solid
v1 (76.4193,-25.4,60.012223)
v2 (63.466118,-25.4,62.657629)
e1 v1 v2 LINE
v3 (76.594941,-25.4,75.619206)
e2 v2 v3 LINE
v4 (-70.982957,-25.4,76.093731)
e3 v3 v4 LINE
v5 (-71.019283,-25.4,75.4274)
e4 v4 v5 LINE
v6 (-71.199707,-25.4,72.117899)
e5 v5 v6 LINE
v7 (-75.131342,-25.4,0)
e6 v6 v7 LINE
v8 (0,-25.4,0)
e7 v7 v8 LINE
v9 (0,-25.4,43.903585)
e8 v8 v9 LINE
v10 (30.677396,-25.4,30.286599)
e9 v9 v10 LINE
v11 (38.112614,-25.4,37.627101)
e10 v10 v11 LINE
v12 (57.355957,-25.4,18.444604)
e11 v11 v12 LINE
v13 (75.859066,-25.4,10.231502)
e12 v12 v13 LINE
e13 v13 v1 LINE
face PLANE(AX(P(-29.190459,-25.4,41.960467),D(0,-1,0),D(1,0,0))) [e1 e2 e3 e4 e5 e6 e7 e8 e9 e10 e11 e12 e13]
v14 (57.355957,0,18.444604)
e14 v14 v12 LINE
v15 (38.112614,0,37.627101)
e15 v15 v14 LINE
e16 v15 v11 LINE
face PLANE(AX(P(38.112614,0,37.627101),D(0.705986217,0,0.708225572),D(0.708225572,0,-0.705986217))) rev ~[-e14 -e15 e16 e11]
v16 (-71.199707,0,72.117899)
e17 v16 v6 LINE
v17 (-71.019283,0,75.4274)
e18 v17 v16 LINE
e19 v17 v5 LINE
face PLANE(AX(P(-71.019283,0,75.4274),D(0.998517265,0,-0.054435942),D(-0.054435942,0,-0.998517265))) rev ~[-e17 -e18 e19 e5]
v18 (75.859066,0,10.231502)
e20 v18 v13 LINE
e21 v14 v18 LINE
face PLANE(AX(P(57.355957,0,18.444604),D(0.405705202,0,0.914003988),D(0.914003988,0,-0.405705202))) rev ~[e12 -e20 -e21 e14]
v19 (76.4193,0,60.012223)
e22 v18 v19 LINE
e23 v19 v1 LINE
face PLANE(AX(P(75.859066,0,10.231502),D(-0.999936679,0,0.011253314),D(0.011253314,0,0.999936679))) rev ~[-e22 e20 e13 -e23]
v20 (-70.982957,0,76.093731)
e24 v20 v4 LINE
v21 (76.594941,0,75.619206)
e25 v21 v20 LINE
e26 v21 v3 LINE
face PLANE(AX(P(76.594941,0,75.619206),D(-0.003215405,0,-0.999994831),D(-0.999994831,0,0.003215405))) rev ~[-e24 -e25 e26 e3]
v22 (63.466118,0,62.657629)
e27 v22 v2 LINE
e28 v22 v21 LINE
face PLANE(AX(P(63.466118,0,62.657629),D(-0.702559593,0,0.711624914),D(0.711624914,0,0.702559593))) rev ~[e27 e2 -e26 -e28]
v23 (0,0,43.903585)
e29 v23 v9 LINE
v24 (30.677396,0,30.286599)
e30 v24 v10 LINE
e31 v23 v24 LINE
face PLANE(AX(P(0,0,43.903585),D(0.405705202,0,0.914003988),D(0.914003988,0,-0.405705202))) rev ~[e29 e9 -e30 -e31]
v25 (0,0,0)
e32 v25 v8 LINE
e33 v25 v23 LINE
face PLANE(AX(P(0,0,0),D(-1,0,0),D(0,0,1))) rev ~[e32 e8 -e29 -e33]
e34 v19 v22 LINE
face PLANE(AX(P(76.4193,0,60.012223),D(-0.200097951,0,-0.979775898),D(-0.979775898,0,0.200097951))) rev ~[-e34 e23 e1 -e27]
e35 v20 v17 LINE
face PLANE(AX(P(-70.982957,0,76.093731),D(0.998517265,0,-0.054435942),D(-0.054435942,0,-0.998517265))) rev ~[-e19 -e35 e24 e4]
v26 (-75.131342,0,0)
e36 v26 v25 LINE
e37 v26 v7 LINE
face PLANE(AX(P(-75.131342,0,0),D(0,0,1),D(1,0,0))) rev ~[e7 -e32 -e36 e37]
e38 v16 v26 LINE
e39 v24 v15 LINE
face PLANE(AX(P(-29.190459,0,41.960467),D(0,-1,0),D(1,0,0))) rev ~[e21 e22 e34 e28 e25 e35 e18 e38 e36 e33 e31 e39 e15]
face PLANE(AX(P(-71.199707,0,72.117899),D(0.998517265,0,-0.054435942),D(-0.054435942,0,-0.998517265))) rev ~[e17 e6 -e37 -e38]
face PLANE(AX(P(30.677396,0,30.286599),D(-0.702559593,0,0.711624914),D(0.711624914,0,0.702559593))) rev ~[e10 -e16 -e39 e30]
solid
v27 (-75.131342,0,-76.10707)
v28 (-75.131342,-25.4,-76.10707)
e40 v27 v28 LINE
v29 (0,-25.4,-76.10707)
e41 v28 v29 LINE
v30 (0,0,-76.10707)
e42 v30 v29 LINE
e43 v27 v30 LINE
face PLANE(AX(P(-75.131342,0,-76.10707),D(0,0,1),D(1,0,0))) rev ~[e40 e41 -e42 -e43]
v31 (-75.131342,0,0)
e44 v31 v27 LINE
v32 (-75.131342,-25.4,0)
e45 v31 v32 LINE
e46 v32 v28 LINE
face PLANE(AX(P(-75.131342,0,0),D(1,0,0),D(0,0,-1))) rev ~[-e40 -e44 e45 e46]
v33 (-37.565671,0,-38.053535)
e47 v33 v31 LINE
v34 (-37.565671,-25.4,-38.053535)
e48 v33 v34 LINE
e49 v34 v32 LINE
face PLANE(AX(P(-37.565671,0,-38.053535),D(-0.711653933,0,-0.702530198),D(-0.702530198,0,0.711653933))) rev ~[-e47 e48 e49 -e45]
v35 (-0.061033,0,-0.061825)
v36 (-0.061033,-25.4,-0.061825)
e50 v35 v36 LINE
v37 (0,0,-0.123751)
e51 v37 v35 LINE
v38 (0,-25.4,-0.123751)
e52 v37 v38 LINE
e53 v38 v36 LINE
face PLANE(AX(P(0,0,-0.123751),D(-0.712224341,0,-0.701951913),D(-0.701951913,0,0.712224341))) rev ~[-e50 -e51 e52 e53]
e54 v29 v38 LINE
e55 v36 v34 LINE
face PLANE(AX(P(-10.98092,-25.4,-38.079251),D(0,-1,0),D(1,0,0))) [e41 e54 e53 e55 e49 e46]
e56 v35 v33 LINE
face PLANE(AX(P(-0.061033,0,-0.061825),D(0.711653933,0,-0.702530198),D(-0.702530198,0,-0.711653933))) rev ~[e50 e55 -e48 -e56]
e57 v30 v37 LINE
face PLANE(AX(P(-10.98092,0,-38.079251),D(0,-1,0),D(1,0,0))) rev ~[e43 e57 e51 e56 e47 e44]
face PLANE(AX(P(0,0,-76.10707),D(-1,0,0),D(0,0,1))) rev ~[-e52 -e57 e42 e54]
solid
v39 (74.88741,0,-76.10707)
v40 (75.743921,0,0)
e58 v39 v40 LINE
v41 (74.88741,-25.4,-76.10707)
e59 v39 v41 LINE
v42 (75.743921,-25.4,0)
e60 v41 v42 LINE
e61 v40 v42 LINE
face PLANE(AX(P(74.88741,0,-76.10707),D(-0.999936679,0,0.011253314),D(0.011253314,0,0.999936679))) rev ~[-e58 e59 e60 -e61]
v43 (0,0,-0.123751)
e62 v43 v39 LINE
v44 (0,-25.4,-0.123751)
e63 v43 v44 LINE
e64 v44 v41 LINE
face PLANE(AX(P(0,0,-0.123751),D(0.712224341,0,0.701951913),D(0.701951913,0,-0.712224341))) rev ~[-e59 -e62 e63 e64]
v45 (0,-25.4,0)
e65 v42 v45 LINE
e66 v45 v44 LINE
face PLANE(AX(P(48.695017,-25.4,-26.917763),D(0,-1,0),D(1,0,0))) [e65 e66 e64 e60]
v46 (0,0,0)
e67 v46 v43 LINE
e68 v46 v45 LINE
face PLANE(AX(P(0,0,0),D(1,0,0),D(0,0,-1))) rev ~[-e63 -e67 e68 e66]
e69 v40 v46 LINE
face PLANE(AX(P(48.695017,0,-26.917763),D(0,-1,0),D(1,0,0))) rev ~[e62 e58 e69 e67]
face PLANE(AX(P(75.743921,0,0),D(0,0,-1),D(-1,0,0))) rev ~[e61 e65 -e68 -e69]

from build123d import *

# Parameters (mm, degrees)
F1_DEPTH = 25.4


with BuildPart() as f1:
    # F0 (on Front) → F1 (new body)
    with BuildSketch(Plane.XZ):
        Polygon((-71.0192831951, 75.4273998377), (-71.199706528, 72.117898654), (-0.1219660044, 0), (0, 0), (0, 43.9035848512), align=None)
        Polygon((-0.1219660044, 0), (-71.199706528, 72.117898654), (-75.131341815, 0), align=None)
        Polygon((0, 75.8654908862), (-70.9829569664, 76.0937310424), (-71.0192831951, 75.4273998377), (0, 43.9035848512), (0, 75.6192058325), align=None)
        Polygon((38.112613931, 37.6271010601), (0, 75.6192058325), (0, 43.9035848512), (30.677395733, 30.2865993813), align=None)
        Polygon((63.4661180812, 62.6576293942), (0, 75.6192058325), (38.112613931, 37.6271010601), align=None)
        Polygon((76.594941318, 75.6192058325), (0, 75.8654908862), (0, 75.6192058325), (63.4661180812, 62.6576293942), align=None)
        Polygon((75.8590663753, 10.2315022017), (76.4192999244, 60.0122232837), (63.4661180812, 62.6576293942), (38.112613931, 37.6271010601), (57.3559570858, 18.4446038788), align=None)
    extrude(amount=F1_DEPTH)


with BuildPart() as f1b:
    # F0 (on Front) → F1, piece 2 (new body)
    with BuildSketch(Plane.XZ):
        Polygon((0, -0.123750866), (-0.0610325414, -0.0618251688), (-37.5656709075, -38.053534925), (0, -76.10706985), align=None)
        Polygon((-37.5656709075, -38.053534925), (-75.131341815, 0), (-75.131341815, -76.10706985), align=None)
        Polygon((-37.5656709075, -38.053534925), (-75.131341815, -76.10706985), (0, -76.10706985), align=None)
    extrude(amount=F1_DEPTH)


with BuildPart() as f1c:
    # F0 (on Front) → F1, piece 3 (new body)
    with BuildSketch(Plane.XZ):
        Polygon((75.7439207794, 0), (0, 0), (0, -0.123750866), (74.8874098063, -76.10706985), align=None)
    extrude(amount=F1_DEPTH)


solid = Compound([f1.part, f1b.part, f1c.part])
